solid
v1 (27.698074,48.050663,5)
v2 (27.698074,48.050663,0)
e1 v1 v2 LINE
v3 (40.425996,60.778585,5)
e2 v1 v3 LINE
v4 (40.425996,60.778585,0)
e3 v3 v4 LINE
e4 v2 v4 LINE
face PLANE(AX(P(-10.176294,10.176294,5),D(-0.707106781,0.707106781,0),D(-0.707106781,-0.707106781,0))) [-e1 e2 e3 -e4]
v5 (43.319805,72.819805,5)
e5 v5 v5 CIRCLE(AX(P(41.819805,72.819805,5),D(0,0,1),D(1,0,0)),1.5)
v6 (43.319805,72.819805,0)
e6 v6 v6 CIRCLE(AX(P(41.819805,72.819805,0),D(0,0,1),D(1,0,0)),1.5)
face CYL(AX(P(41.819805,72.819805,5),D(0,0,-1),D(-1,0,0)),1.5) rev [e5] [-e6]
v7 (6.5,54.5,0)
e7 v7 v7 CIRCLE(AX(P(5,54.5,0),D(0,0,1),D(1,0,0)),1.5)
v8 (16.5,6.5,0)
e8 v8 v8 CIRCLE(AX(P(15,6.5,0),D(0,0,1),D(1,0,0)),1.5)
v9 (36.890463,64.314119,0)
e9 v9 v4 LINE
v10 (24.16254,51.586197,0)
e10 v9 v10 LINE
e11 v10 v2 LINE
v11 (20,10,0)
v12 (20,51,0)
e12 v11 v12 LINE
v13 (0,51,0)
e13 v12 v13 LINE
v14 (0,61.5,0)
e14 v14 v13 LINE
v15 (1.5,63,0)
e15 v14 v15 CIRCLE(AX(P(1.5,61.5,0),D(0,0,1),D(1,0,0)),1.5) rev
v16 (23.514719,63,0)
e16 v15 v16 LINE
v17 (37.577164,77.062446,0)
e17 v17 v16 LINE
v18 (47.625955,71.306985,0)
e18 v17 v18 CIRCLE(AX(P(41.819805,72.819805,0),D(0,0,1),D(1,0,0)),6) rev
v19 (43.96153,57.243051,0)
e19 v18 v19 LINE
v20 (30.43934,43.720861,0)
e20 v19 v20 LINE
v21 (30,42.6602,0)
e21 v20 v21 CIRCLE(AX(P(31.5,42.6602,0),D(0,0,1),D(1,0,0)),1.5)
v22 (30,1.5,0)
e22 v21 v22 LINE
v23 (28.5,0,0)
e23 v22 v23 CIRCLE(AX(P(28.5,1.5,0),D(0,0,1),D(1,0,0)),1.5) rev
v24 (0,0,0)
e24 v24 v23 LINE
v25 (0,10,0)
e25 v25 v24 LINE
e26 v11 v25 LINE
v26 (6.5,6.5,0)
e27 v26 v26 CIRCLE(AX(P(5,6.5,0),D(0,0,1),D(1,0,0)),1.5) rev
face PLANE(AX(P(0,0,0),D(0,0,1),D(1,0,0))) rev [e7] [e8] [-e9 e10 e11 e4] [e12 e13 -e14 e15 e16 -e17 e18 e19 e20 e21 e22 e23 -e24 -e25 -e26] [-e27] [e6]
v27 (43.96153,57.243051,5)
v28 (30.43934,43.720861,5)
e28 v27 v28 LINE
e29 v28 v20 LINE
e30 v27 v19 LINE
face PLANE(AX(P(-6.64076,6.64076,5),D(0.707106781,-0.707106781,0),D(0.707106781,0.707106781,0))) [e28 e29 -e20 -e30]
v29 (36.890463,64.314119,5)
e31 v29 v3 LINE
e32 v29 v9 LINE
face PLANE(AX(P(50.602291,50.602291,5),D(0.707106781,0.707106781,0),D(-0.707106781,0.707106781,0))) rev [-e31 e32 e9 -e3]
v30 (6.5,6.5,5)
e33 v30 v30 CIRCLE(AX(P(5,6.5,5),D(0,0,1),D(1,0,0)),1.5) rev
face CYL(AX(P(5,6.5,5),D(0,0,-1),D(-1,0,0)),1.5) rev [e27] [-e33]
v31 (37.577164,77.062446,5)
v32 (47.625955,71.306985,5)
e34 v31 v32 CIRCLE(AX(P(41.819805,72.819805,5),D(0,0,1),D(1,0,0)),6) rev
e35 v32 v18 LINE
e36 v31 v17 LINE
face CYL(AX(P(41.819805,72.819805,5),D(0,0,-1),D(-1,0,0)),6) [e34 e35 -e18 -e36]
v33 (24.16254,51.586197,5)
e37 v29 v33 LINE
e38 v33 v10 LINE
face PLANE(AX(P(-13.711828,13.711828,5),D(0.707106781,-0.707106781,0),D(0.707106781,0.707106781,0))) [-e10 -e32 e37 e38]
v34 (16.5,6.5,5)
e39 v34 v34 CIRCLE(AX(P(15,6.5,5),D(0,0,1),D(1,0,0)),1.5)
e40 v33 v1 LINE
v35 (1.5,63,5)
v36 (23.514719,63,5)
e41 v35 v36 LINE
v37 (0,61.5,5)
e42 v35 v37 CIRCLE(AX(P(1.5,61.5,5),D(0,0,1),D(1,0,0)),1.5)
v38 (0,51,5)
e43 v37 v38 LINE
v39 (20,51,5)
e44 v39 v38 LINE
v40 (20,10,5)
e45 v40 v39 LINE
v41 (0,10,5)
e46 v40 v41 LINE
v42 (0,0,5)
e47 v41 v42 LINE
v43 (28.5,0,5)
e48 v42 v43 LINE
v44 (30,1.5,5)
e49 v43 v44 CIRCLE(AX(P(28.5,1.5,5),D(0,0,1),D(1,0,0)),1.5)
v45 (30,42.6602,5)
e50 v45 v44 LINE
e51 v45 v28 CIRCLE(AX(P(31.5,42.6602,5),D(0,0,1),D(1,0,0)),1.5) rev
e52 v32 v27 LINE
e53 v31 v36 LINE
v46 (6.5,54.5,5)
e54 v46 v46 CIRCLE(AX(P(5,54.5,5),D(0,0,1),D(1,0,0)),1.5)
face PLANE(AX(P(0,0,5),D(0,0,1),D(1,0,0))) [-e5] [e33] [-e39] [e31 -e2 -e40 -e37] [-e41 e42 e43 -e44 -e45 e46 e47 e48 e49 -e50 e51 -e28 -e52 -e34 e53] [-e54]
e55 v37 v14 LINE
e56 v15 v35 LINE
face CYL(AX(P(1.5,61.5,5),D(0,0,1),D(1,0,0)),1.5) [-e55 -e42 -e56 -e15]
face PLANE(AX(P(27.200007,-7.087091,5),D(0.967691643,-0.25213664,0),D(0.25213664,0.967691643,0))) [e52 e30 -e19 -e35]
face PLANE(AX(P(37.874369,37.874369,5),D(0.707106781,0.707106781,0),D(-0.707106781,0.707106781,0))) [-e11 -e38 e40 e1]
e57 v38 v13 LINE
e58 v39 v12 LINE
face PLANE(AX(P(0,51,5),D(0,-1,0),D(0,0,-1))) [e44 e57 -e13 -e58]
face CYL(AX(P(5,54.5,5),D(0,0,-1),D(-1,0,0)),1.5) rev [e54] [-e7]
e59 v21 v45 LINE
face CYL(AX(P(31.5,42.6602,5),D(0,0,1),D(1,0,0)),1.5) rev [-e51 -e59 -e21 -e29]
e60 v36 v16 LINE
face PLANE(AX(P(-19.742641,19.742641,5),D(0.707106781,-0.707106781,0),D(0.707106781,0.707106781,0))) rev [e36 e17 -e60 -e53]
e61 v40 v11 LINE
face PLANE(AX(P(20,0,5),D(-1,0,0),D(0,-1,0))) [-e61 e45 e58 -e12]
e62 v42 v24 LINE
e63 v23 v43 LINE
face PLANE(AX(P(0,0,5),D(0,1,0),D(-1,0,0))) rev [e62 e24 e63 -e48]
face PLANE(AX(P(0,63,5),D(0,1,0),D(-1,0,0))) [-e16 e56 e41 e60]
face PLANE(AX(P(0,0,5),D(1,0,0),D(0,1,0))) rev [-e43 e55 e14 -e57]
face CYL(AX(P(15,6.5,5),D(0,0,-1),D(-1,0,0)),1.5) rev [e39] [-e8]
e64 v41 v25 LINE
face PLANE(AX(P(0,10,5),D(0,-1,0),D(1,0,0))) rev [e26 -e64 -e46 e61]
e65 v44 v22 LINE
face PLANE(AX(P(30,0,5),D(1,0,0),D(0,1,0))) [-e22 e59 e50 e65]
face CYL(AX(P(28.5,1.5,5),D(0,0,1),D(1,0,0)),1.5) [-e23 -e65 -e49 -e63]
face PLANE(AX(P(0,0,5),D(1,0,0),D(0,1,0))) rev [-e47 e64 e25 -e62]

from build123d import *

# Parameters (mm, degrees)
ESQUISSE1_R        = 1.5
BOSS_EXTRU_1_DEPTH = 5
CONG_3_R           = 1.5


with BuildPart() as part:
    # Esquisse1 → Boss.-Extru.1 (new body)
    with BuildSketch(Plane.XY):
        with BuildLine():
            Line((0, 10), (0, 0))
            Line((0, 0), (30, 0))
            Line((30, 0), (30, 43.28152075))
            Line((30, 43.28152075), (43.961530357, 57.243051107))
            Line((43.961530357, 57.243051107), (47.625955008, 71.306985316))
            ThreePointArc((47.625955008, 71.306985316), (44.801829917, 78.026294211), (37.577164466, 77.06244584))
            Line((37.577164466, 77.06244584), (23.514718626, 63))
            Line((23.514718626, 63), (0, 63))
            Line((0, 63), (0, 51))
            Line((0, 51), (11, 51))
            Line((11, 51), (20, 51))
            Line((20, 51), (20, 10))
            Line((20, 10), (11, 10))
            Line((11, 10), (0, 10))
        make_face()
        with Locations((5, 54.5)):
            Circle(ESQUISSE1_R, mode=Mode.SUBTRACT)
        with Locations((15, 6.5)):
            Circle(ESQUISSE1_R, mode=Mode.SUBTRACT)
        with Locations((5, 6.5)):
            Circle(ESQUISSE1_R, mode=Mode.SUBTRACT)
        with Locations((41.819805153, 72.819805153)):
            Circle(ESQUISSE1_R, mode=Mode.SUBTRACT)
        Polygon((36.890462545, 64.314118919), (24.162540484, 51.586196858), (27.69807439, 48.050662952), (40.425996451, 60.778585013), align=None, mode=Mode.SUBTRACT)
    extrude(amount=BOSS_EXTRU_1_DEPTH)

    # Congé3
    cong_3_edges = [part.edges().sort_by_distance(p)[0] for p in [
        (30, 43.28152075, 2.5),
        (30, 0, 2.5),
        (0, 63, 2.5),
    ]]
    fillet(cong_3_edges, radius=CONG_3_R)


solid = part.part
